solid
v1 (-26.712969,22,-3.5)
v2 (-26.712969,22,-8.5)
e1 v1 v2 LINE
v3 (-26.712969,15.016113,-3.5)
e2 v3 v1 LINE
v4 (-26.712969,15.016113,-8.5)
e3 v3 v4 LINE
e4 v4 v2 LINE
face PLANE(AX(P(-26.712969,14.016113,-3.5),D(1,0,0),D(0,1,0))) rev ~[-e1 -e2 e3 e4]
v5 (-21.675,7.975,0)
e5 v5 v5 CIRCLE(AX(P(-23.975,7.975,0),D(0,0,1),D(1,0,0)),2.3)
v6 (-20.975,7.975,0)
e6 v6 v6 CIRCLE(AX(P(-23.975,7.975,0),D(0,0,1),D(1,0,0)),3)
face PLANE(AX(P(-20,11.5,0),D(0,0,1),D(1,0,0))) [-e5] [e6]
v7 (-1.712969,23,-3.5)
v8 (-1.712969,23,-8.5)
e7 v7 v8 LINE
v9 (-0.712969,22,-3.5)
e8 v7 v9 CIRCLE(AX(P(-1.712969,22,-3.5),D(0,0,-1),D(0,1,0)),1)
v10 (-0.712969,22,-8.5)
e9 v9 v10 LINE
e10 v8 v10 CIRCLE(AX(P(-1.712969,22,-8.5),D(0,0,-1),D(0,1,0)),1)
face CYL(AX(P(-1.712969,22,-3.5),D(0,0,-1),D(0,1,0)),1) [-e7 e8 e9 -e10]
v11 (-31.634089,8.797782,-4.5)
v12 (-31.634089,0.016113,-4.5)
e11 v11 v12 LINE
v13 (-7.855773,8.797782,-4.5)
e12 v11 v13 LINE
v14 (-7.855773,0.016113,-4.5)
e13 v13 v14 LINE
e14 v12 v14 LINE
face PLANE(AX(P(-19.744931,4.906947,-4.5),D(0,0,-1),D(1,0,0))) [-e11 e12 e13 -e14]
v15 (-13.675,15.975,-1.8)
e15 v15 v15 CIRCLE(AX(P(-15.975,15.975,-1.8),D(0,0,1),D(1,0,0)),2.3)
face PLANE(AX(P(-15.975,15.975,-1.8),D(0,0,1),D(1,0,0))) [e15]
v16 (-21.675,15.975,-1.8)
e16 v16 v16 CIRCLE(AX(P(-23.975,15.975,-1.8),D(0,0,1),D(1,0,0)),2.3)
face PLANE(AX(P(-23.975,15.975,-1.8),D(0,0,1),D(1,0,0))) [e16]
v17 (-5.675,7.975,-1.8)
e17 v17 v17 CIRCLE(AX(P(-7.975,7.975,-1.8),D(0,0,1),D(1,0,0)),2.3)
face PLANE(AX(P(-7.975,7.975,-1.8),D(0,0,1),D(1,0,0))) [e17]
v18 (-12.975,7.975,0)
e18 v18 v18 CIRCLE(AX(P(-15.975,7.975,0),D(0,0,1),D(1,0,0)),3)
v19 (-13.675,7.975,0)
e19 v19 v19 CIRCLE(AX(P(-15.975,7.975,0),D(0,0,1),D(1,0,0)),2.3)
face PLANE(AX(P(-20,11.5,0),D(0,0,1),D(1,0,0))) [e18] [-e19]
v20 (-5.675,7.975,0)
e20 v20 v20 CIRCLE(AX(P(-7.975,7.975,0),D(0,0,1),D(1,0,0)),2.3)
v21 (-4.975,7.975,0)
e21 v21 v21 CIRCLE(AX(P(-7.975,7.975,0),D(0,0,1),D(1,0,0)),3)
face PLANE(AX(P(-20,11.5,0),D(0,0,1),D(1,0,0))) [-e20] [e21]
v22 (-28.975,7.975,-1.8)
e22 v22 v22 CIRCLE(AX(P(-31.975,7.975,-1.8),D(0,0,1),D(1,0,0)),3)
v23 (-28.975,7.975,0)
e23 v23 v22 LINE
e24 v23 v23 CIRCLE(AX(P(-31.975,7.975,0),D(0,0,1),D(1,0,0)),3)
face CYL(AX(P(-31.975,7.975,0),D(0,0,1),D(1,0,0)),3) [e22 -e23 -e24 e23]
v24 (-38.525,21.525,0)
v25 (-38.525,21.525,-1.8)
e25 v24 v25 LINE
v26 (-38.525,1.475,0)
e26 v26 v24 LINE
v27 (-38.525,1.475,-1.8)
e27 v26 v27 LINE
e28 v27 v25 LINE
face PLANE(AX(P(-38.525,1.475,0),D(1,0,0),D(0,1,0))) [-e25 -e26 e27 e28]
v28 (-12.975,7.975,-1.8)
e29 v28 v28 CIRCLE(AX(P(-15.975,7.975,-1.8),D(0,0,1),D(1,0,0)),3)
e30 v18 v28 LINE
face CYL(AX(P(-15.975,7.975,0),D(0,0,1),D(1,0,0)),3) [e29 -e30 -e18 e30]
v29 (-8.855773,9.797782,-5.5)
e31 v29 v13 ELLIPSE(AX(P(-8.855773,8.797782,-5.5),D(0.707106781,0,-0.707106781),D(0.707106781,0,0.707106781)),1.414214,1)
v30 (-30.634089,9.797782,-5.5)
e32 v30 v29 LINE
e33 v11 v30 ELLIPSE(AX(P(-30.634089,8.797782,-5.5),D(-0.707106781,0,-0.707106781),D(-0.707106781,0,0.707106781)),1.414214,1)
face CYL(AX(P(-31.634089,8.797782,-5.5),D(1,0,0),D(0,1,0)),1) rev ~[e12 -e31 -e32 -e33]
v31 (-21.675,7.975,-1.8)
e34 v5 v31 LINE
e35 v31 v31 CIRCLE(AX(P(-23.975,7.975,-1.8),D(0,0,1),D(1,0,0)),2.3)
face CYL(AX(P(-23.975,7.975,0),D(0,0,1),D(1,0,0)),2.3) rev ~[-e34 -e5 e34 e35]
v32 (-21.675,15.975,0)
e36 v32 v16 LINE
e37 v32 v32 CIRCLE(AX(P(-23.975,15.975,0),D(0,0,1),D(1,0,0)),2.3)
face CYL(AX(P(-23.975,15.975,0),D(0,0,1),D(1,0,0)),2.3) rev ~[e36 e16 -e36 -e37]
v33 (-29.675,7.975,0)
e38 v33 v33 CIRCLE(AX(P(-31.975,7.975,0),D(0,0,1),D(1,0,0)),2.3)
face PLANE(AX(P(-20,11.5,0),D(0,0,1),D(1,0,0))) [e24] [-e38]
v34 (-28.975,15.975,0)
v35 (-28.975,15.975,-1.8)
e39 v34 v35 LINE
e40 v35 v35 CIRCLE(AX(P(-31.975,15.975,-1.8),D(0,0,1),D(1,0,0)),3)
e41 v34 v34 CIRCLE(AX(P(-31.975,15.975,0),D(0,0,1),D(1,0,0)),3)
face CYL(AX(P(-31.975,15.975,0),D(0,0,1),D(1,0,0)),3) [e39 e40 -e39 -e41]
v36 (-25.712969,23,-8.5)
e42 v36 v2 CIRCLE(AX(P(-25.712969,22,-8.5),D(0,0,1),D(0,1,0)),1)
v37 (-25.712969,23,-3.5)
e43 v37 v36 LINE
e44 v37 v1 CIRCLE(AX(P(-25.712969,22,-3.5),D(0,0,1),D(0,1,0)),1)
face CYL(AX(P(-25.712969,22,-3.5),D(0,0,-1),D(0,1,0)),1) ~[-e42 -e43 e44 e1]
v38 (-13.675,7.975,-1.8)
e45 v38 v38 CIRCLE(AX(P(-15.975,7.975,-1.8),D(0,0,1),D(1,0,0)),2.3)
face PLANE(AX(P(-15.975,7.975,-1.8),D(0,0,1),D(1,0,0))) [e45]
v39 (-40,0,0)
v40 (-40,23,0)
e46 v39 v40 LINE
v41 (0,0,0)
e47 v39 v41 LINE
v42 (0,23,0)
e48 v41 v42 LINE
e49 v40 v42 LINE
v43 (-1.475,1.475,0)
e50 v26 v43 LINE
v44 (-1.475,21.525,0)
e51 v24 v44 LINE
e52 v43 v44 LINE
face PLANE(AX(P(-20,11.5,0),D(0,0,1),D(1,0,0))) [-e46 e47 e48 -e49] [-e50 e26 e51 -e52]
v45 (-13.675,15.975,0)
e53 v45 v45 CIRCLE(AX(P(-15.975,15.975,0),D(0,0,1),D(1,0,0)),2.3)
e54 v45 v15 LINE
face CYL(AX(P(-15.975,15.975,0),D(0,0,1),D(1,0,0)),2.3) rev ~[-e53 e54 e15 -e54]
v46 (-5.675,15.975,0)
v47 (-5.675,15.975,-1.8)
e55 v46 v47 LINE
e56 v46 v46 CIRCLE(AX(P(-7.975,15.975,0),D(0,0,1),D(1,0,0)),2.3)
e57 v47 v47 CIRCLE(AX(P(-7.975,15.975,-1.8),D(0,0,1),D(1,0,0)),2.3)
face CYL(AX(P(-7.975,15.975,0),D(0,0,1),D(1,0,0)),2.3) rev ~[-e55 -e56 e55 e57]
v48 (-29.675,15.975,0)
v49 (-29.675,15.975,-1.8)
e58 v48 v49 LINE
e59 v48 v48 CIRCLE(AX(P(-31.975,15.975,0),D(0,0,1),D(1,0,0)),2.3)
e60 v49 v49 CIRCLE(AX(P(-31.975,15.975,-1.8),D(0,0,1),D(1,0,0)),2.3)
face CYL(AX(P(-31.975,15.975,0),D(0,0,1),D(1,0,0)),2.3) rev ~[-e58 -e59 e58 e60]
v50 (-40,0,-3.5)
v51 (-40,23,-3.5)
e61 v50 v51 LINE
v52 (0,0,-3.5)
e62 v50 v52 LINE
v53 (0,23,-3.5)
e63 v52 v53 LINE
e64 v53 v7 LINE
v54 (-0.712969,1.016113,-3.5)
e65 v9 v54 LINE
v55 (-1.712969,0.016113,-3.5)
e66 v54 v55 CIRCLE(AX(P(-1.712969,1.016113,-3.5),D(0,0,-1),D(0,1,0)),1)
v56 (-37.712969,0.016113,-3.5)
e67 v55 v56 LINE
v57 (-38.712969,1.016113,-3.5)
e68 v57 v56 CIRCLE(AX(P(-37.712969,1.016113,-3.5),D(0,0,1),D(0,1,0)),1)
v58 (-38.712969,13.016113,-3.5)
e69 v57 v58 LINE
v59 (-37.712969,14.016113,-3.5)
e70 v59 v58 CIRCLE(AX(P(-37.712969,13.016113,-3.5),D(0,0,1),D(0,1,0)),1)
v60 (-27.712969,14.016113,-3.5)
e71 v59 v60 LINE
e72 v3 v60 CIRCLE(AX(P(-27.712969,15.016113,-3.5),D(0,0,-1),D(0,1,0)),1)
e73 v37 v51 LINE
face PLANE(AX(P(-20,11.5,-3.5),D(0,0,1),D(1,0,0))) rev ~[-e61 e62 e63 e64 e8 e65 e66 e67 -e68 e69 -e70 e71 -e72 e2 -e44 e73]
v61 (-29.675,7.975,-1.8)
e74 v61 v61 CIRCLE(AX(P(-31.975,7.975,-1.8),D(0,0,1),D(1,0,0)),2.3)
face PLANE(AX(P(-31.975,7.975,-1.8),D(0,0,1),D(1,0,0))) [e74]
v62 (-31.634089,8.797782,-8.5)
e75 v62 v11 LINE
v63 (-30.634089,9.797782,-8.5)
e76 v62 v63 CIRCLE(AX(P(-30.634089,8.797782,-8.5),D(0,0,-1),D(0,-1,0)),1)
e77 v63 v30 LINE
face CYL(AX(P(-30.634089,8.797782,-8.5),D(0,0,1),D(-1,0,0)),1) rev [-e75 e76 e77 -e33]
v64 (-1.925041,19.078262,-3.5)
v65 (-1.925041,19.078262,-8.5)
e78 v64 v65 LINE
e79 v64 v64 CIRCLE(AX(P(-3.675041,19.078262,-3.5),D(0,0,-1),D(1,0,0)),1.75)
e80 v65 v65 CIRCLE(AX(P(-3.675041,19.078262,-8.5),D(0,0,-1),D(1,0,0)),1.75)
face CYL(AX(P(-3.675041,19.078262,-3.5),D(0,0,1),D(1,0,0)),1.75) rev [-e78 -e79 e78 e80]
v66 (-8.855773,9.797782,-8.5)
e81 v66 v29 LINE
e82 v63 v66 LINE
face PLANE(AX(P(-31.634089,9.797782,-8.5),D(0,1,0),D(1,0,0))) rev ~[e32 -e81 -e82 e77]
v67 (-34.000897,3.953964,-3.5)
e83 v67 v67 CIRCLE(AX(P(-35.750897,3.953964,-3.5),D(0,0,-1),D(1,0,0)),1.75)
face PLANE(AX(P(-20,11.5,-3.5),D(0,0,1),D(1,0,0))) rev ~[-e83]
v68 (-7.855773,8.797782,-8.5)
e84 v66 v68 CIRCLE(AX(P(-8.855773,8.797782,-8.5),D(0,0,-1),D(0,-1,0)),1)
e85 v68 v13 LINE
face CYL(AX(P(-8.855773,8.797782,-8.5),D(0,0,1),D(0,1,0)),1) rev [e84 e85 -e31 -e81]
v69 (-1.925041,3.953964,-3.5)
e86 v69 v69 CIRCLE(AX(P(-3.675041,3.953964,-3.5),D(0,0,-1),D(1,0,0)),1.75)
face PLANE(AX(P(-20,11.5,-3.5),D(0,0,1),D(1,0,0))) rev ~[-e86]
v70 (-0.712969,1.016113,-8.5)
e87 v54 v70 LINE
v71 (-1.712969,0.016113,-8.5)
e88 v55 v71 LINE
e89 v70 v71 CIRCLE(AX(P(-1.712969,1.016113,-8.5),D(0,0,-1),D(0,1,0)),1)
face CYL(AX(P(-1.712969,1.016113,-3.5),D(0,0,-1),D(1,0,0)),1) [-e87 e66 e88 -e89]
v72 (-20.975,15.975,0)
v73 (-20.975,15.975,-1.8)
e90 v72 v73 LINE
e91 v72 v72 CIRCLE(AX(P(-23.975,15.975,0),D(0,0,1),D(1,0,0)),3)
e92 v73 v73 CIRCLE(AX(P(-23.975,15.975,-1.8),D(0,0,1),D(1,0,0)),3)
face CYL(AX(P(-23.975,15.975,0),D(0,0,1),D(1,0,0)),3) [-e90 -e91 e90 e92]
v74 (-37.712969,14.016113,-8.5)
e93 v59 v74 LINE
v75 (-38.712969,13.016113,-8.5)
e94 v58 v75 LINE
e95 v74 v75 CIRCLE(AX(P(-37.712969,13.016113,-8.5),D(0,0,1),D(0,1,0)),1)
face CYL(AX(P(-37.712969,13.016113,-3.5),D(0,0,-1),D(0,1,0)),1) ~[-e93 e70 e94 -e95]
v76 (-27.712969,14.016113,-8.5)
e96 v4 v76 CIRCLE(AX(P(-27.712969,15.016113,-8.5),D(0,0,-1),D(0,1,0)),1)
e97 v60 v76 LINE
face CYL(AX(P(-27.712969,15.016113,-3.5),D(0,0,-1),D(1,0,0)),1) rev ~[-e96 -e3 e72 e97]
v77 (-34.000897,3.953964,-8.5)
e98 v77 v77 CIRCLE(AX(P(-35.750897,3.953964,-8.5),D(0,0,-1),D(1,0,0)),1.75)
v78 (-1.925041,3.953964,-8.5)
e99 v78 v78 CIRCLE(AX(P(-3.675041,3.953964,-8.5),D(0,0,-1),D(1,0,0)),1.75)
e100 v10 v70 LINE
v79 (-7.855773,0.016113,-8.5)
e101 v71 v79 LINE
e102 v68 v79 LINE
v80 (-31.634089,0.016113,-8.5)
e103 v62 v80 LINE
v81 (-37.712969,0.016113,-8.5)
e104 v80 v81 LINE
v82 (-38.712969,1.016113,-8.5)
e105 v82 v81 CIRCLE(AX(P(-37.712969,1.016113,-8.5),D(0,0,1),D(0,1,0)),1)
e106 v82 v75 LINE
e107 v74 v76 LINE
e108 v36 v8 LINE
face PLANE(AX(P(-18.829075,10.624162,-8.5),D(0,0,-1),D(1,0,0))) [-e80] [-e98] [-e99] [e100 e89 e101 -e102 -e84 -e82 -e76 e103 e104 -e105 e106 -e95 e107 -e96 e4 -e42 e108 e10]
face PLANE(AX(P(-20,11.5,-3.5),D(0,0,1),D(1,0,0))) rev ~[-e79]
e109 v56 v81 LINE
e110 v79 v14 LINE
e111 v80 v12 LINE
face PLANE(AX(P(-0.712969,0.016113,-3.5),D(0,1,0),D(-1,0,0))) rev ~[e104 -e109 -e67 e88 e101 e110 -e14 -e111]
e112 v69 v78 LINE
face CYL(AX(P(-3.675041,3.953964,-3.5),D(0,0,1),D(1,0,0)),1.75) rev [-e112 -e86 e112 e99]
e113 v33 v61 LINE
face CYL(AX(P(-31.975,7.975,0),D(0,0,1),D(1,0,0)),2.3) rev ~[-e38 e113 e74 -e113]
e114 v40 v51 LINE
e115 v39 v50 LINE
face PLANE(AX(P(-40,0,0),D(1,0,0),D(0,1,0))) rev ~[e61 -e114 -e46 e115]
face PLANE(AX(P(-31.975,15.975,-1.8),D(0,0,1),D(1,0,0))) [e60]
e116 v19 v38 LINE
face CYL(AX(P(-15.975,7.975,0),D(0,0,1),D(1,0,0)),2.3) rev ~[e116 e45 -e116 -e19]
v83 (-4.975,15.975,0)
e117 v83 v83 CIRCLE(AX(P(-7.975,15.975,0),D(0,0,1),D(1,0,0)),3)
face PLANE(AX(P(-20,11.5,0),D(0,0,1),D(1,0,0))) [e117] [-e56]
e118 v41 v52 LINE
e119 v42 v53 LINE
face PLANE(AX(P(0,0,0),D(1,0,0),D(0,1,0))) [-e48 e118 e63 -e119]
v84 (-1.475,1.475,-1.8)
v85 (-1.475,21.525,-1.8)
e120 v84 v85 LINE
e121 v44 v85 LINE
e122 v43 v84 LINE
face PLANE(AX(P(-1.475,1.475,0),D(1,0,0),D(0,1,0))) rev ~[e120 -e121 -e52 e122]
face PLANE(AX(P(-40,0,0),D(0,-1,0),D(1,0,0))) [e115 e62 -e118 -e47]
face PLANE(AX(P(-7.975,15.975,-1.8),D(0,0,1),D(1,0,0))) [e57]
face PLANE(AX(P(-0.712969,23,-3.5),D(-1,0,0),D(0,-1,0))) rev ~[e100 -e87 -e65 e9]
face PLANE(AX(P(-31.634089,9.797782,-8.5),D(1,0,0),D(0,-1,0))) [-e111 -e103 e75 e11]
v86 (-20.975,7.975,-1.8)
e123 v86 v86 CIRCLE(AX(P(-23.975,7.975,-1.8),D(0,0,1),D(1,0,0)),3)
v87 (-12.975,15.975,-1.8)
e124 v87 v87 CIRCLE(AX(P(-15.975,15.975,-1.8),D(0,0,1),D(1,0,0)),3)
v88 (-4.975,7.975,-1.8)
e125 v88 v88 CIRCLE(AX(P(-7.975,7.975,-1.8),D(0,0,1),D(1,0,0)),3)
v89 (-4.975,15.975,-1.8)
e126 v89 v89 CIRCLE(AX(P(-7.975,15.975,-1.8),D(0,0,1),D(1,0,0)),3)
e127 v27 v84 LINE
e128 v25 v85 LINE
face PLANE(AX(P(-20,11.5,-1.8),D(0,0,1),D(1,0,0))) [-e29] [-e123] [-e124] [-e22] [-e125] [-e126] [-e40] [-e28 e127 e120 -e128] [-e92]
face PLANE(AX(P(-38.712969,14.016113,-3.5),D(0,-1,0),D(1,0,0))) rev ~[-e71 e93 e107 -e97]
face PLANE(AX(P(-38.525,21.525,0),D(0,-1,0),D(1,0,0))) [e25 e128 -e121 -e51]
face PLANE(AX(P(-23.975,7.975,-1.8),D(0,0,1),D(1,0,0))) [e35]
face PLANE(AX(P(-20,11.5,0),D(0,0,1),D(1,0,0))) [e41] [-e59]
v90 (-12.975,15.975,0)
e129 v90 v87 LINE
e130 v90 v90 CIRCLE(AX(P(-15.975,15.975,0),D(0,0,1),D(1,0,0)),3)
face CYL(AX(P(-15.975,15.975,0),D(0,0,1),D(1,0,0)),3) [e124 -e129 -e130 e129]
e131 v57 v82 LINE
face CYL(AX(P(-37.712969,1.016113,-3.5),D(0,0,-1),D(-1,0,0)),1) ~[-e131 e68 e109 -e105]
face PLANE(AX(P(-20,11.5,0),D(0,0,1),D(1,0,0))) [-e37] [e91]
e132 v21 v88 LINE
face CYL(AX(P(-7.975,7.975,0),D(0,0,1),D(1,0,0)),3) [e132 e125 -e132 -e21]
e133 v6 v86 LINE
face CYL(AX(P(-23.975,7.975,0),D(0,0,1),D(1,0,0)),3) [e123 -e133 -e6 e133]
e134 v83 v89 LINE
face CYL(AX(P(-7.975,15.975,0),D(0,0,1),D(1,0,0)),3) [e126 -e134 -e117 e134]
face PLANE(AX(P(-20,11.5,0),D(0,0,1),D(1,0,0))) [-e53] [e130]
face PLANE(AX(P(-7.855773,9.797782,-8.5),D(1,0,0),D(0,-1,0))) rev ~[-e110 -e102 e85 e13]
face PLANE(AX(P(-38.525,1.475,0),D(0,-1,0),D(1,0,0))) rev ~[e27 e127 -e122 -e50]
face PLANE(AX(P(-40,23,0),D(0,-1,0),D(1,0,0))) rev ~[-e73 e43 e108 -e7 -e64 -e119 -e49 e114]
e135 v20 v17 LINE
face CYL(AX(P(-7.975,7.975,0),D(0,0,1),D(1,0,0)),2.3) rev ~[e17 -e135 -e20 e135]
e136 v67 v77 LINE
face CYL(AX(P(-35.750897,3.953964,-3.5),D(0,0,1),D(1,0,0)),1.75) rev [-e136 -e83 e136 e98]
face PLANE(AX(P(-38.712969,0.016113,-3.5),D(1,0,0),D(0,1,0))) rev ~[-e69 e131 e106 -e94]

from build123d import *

# Parameters (mm, degrees)
F0_W     = 40
F0_H     = 23
F1_DEPTH = 3.5
F2_W     = 37.05
F2_H     = 20.05
F2_R     = 3
F3_R     = 2.3
F4_DEPTH = 1.8
F5_R     = 1.75
F6_DEPTH = 5
F7_W     = 23.7783156335
F7_H     = 9.781668779
F8_DEPTH = 4
F9_R     = 1


with BuildPart() as f1:
    # F0 (on Top) → F1 (new body)
    with BuildSketch(Plane.XY):
        with Locations((-20, 11.5)):
            Rectangle(F0_W, F0_H)
    extrude(amount=-F1_DEPTH)

    # F2 (on Top) + F3 (on face) → F4 (cut)
    with BuildSketch(Plane.XY):
        with Locations((-20, 11.5)):
            Rectangle(F2_W, F2_H)
        with Locations((-31.975, 7.975)):
            Circle(F2_R, mode=Mode.SUBTRACT)
        with Locations((-23.975, 7.975)):
            Circle(F2_R, mode=Mode.SUBTRACT)
        with Locations((-15.975, 7.975)):
            Circle(F2_R, mode=Mode.SUBTRACT)
        with Locations((-7.975, 7.975)):
            Circle(F2_R, mode=Mode.SUBTRACT)
        with Locations((-31.975, 15.975)):
            Circle(F2_R, mode=Mode.SUBTRACT)
        with Locations((-23.975, 15.975)):
            Circle(F2_R, mode=Mode.SUBTRACT)
        with Locations((-15.975, 15.975)):
            Circle(F2_R, mode=Mode.SUBTRACT)
        with Locations((-7.975, 15.975)):
            Circle(F2_R, mode=Mode.SUBTRACT)
    with BuildSketch(Plane.XY):
        with Locations((-7.975, 7.975)):
            Circle(F3_R)
        with Locations((-7.975, 15.975)):
            Circle(F3_R)
        with Locations((-15.975, 7.975)):
            Circle(F3_R)
        with Locations((-15.975, 15.975)):
            Circle(F3_R)
        with Locations((-23.975, 7.975)):
            Circle(F3_R)
        with Locations((-23.975, 15.975)):
            Circle(F3_R)
        with Locations((-31.975, 7.975)):
            Circle(F3_R)
        with Locations((-31.975, 15.975)):
            Circle(F3_R)
    extrude(amount=-F4_DEPTH, mode=Mode.SUBTRACT)

    # F5 (on face) → F6 (join)
    with BuildSketch(Plane(origin=(0, 0, -3.5), x_dir=(1, 0, 0), z_dir=(0, 0, -1))):
        Polygon((-26.7129692488, -23), (-0.7129692488, -23), (-0.7129692488, -0.0161129268), (-38.7129692488, -0.0161129268), (-38.7129692488, -14.0161129268), (-26.7129692488, -14.0161129268), align=None)
        with Locations((-3.6750413084, -19.0782622429)):
            Circle(F5_R, mode=Mode.SUBTRACT)
        with Locations((-35.7508971893, -3.9539636107)):
            Circle(F5_R, mode=Mode.SUBTRACT)
        with Locations((-3.6750413084, -3.9539636107)):
            Circle(F5_R, mode=Mode.SUBTRACT)
    extrude(amount=F6_DEPTH)

    # F7 (on face) → F8 (cut)
    with BuildSketch(Plane(origin=(0, 0, -8.5), x_dir=(1, 0, 0), z_dir=(0, 0, -1))):
        with Locations((-19.7449307889, -4.9069473163)):
            Rectangle(F7_W, F7_H)
    extrude(amount=-F8_DEPTH, mode=Mode.SUBTRACT)

    # F9
    f9_edges = [f1.edges().sort_by_distance(p)[0] for p in [
        (-31.634089, 9.797782, -6.5),
        (-7.855773, 9.797782, -6.5),
        (-26.712969, 14.016113, -6),
        (-19.744931, 9.797782, -4.5),
        (-0.712969, 0.016113, -6),
        (-38.712969, 0.016113, -6),
        (-38.712969, 14.016113, -6),
        (-26.712969, 23, -6),
        (-0.712969, 23, -6),
    ]]
    fillet(f9_edges, radius=F9_R)


solid = f1.part
